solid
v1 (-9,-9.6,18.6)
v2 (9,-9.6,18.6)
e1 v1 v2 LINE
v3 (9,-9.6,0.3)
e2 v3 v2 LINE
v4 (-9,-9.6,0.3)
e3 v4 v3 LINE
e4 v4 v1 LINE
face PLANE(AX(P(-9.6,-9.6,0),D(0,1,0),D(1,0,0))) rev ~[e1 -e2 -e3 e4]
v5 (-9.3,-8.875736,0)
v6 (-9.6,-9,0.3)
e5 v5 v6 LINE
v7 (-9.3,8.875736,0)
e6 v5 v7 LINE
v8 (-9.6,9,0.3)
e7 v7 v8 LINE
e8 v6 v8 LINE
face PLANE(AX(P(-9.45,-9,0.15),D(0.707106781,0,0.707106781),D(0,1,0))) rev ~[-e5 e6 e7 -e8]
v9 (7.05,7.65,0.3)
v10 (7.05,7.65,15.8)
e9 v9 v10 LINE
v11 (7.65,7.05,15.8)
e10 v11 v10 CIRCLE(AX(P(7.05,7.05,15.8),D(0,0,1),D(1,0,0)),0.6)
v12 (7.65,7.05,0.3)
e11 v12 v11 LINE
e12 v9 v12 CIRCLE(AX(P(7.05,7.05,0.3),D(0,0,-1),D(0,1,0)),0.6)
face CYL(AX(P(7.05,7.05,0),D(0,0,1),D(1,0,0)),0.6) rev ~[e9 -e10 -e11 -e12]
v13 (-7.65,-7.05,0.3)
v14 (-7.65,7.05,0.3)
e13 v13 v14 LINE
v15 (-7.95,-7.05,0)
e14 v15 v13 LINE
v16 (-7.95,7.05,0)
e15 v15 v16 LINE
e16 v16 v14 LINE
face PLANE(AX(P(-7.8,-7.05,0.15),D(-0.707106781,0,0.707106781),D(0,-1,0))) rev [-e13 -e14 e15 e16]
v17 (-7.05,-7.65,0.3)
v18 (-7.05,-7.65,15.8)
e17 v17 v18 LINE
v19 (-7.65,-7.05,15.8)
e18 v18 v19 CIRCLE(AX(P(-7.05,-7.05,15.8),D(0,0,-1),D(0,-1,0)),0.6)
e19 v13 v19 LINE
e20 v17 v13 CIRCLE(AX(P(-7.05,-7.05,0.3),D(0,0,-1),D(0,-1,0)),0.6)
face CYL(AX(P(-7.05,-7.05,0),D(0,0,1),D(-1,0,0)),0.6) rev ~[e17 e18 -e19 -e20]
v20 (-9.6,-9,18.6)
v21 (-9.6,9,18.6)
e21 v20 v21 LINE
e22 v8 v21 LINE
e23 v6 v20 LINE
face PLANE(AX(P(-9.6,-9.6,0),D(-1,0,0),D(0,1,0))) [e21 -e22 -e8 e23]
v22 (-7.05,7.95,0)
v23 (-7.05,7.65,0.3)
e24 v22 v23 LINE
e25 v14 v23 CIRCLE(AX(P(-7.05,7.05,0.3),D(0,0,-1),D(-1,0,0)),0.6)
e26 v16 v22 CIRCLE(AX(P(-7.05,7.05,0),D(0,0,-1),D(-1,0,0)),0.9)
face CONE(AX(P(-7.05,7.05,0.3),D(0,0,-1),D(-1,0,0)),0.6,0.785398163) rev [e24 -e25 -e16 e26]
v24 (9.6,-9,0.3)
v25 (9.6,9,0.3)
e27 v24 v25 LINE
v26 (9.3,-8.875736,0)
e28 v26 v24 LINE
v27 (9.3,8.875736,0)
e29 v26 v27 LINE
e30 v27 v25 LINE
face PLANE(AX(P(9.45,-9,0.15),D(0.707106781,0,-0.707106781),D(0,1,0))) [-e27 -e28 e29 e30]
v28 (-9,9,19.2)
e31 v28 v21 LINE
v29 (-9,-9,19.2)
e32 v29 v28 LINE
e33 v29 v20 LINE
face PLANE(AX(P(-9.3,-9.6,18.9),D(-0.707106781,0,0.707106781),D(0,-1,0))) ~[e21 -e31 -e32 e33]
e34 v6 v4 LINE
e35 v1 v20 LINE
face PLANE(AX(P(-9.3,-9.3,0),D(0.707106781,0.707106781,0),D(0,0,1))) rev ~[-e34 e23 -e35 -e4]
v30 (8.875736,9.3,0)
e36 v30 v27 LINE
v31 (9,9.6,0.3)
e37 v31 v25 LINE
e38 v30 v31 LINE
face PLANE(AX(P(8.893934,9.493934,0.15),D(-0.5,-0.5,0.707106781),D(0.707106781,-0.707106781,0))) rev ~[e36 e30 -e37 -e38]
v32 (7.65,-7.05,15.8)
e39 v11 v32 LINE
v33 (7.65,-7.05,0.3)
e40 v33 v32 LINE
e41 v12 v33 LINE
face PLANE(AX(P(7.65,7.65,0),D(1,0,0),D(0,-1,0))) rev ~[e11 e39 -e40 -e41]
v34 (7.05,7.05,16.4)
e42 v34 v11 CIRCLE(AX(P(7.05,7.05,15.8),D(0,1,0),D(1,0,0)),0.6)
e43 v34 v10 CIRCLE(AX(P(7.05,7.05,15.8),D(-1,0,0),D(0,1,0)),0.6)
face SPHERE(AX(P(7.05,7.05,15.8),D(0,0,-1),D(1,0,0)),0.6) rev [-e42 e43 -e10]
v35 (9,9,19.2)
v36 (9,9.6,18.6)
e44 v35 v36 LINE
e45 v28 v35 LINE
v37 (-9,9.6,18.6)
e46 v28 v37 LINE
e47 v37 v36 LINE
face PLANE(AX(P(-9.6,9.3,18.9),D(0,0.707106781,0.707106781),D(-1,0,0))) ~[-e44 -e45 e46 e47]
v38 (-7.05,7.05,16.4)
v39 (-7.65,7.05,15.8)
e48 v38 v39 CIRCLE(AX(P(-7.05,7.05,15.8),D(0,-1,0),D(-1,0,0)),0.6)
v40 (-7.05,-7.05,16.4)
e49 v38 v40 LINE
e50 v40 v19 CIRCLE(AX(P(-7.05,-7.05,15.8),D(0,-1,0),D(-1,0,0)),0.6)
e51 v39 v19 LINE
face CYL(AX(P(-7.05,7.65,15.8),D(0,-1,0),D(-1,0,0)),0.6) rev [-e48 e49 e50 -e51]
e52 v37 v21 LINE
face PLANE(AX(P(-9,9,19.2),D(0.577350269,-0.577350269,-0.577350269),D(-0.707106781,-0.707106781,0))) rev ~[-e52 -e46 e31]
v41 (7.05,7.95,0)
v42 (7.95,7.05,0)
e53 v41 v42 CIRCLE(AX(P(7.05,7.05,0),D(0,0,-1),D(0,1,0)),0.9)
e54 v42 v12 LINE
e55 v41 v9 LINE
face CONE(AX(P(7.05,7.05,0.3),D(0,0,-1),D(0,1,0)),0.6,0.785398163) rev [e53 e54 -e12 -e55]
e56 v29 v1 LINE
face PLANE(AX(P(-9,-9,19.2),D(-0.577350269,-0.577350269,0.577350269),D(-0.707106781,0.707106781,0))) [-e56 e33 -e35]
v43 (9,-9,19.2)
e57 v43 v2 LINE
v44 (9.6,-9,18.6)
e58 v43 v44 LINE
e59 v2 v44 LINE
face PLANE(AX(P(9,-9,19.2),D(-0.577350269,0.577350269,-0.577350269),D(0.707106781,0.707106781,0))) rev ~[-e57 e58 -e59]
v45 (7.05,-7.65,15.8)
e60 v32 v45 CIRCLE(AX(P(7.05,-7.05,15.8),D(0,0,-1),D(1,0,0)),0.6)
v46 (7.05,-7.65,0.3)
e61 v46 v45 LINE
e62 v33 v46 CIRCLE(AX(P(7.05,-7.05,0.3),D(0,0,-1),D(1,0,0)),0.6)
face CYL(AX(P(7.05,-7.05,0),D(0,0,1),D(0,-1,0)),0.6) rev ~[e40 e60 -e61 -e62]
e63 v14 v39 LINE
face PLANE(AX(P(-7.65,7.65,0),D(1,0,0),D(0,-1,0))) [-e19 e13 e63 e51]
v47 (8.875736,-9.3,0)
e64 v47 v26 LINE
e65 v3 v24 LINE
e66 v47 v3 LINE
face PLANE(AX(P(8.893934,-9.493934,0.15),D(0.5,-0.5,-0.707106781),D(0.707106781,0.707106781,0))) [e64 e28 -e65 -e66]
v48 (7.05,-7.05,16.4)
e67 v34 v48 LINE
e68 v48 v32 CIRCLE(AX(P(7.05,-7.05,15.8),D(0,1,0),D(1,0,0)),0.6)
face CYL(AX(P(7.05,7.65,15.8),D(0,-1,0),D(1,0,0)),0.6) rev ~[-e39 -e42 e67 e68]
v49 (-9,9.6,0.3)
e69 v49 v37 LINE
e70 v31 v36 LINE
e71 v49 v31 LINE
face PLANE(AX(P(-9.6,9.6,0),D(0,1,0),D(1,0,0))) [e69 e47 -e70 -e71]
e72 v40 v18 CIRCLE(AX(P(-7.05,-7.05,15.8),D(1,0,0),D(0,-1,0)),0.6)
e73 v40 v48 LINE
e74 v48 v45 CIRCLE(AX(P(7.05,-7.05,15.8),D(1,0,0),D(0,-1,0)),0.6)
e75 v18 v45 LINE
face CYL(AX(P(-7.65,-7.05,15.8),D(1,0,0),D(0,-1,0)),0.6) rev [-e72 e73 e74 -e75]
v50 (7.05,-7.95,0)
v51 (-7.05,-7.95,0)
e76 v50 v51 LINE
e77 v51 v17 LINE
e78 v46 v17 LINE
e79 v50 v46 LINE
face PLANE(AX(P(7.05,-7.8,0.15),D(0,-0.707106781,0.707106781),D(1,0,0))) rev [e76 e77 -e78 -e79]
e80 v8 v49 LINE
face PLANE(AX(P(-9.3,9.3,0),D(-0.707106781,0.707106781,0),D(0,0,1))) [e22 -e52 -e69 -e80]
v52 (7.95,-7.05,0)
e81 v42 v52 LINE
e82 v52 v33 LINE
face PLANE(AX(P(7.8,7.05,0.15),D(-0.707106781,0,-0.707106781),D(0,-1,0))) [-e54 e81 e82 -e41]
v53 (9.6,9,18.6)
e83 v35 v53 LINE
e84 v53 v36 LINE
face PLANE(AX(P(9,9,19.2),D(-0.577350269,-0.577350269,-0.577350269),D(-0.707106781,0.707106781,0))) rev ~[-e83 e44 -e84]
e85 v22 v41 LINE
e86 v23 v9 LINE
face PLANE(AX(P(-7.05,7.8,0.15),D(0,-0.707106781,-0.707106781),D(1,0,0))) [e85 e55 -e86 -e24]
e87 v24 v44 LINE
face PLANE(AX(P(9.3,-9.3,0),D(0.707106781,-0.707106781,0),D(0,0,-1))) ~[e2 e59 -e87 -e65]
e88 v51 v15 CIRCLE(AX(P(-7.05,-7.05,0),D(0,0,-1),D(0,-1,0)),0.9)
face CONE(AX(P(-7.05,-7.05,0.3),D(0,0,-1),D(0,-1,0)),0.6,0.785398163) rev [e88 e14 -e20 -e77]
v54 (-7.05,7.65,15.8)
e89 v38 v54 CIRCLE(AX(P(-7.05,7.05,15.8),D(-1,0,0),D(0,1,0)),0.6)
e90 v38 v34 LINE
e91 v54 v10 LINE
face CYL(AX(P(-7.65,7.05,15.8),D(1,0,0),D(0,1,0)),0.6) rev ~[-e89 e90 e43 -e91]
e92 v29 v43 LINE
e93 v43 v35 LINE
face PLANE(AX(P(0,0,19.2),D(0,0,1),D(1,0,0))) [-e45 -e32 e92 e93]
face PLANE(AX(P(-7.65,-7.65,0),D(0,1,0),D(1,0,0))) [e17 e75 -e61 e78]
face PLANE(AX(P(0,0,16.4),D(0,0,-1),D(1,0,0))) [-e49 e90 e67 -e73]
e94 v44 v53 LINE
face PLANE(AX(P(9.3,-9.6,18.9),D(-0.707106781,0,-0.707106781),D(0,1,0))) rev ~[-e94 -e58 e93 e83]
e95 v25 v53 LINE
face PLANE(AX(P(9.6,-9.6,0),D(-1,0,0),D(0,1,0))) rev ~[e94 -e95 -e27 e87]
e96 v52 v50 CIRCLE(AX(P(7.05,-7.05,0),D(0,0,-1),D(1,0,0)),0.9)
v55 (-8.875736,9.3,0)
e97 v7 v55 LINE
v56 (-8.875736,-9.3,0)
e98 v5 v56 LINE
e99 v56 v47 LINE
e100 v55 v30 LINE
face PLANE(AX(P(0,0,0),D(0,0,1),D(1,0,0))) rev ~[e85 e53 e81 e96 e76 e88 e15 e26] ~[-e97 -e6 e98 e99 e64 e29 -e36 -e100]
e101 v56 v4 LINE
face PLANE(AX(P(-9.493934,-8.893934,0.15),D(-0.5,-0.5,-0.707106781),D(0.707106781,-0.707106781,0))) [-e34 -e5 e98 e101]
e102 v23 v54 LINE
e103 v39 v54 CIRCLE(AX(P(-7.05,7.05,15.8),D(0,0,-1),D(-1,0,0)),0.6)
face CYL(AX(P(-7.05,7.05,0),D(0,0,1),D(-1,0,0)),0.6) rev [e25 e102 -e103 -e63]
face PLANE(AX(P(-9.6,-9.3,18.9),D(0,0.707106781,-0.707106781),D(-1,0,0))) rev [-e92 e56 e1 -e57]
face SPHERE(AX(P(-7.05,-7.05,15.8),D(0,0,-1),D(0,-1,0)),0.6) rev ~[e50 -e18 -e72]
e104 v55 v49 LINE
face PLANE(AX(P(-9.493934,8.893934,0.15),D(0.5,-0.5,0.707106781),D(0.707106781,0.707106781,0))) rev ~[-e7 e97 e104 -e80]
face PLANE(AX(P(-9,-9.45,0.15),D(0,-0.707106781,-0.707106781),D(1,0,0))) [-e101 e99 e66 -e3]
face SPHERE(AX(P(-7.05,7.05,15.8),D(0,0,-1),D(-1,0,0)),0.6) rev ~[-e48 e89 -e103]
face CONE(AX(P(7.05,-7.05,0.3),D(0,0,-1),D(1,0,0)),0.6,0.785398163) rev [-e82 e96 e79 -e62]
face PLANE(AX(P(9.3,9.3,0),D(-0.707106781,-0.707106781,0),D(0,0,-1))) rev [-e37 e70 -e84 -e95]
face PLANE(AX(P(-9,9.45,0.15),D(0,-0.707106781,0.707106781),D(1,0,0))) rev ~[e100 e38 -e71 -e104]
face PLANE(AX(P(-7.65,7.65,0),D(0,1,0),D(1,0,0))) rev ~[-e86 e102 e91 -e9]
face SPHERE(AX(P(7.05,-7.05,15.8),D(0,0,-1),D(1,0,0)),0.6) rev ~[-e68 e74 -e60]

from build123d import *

# Parameters (mm, degrees)
F0_W     = 19.2
F0_H     = 19.2
F1_DEPTH = 19.2
F2_W     = 15.3
F2_H     = 15.3
F3_DEPTH = 16.4
F4_SIZE  = 0.6
F5_R     = 0.6
F6_SIZE  = 0.3


with BuildPart() as f1:
    # F0 (on Top) → F1 (new body)
    with BuildSketch(Plane.XY):
        Rectangle(F0_W, F0_H)
    extrude(amount=F1_DEPTH)

    # F2 (on face) → F3 (cut)
    with BuildSketch(Plane(origin=(0, 0, 0), x_dir=(1, 0, 0), z_dir=(0, 0, -1))):
        Rectangle(F2_W, F2_H)
    extrude(amount=-F3_DEPTH, mode=Mode.SUBTRACT)

    # F4
    f4_edges = [f1.edges().sort_by_distance(p)[0] for p in [
        (-9.6, -9.6, 9.6),
        (-9.6, 9.6, 9.6),
        (9.6, 9.6, 9.6),
        (9.6, -9.6, 9.6),
        (0, -9.6, 19.2),
        (9.6, 0, 19.2),
        (0, 9.6, 19.2),
        (-9.6, 0, 19.2),
    ]]
    chamfer(f4_edges, length=F4_SIZE)

    # F5
    f5_edges = [f1.edges().sort_by_distance(p)[0] for p in [
        (-7.65, 7.65, 8.2),
        (-7.65, -7.65, 8.2),
        (7.65, -7.65, 8.2),
        (7.65, 7.65, 8.2),
        (7.65, 0, 16.4),
        (0, -7.65, 16.4),
        (-7.65, 0, 16.4),
        (0, 7.65, 16.4),
    ]]
    fillet(f5_edges, radius=F5_R)

    # F6
    f6_edges = [f1.edges().sort_by_distance(p)[0] for p in [
        (0, 7.65, 0),
        (-7.474264, 7.474264, 0),
        (7.474264, 7.474264, 0),
        (-7.65, 0, 0),
        (7.65, 0, 0),
        (-7.474264, -7.474264, 0),
        (7.474264, -7.474264, 0),
        (0, -7.65, 0),
        (0, -9.6, 0),
        (-9.3, -9.3, 0),
        (9.3, -9.3, 0),
        (-9.6, 0, 0),
        (9.6, 0, 0),
        (-9.3, 9.3, 0),
        (9.3, 9.3, 0),
        (0, 9.6, 0),
    ]]
    chamfer(f6_edges, length=F6_SIZE)


solid = f1.part
